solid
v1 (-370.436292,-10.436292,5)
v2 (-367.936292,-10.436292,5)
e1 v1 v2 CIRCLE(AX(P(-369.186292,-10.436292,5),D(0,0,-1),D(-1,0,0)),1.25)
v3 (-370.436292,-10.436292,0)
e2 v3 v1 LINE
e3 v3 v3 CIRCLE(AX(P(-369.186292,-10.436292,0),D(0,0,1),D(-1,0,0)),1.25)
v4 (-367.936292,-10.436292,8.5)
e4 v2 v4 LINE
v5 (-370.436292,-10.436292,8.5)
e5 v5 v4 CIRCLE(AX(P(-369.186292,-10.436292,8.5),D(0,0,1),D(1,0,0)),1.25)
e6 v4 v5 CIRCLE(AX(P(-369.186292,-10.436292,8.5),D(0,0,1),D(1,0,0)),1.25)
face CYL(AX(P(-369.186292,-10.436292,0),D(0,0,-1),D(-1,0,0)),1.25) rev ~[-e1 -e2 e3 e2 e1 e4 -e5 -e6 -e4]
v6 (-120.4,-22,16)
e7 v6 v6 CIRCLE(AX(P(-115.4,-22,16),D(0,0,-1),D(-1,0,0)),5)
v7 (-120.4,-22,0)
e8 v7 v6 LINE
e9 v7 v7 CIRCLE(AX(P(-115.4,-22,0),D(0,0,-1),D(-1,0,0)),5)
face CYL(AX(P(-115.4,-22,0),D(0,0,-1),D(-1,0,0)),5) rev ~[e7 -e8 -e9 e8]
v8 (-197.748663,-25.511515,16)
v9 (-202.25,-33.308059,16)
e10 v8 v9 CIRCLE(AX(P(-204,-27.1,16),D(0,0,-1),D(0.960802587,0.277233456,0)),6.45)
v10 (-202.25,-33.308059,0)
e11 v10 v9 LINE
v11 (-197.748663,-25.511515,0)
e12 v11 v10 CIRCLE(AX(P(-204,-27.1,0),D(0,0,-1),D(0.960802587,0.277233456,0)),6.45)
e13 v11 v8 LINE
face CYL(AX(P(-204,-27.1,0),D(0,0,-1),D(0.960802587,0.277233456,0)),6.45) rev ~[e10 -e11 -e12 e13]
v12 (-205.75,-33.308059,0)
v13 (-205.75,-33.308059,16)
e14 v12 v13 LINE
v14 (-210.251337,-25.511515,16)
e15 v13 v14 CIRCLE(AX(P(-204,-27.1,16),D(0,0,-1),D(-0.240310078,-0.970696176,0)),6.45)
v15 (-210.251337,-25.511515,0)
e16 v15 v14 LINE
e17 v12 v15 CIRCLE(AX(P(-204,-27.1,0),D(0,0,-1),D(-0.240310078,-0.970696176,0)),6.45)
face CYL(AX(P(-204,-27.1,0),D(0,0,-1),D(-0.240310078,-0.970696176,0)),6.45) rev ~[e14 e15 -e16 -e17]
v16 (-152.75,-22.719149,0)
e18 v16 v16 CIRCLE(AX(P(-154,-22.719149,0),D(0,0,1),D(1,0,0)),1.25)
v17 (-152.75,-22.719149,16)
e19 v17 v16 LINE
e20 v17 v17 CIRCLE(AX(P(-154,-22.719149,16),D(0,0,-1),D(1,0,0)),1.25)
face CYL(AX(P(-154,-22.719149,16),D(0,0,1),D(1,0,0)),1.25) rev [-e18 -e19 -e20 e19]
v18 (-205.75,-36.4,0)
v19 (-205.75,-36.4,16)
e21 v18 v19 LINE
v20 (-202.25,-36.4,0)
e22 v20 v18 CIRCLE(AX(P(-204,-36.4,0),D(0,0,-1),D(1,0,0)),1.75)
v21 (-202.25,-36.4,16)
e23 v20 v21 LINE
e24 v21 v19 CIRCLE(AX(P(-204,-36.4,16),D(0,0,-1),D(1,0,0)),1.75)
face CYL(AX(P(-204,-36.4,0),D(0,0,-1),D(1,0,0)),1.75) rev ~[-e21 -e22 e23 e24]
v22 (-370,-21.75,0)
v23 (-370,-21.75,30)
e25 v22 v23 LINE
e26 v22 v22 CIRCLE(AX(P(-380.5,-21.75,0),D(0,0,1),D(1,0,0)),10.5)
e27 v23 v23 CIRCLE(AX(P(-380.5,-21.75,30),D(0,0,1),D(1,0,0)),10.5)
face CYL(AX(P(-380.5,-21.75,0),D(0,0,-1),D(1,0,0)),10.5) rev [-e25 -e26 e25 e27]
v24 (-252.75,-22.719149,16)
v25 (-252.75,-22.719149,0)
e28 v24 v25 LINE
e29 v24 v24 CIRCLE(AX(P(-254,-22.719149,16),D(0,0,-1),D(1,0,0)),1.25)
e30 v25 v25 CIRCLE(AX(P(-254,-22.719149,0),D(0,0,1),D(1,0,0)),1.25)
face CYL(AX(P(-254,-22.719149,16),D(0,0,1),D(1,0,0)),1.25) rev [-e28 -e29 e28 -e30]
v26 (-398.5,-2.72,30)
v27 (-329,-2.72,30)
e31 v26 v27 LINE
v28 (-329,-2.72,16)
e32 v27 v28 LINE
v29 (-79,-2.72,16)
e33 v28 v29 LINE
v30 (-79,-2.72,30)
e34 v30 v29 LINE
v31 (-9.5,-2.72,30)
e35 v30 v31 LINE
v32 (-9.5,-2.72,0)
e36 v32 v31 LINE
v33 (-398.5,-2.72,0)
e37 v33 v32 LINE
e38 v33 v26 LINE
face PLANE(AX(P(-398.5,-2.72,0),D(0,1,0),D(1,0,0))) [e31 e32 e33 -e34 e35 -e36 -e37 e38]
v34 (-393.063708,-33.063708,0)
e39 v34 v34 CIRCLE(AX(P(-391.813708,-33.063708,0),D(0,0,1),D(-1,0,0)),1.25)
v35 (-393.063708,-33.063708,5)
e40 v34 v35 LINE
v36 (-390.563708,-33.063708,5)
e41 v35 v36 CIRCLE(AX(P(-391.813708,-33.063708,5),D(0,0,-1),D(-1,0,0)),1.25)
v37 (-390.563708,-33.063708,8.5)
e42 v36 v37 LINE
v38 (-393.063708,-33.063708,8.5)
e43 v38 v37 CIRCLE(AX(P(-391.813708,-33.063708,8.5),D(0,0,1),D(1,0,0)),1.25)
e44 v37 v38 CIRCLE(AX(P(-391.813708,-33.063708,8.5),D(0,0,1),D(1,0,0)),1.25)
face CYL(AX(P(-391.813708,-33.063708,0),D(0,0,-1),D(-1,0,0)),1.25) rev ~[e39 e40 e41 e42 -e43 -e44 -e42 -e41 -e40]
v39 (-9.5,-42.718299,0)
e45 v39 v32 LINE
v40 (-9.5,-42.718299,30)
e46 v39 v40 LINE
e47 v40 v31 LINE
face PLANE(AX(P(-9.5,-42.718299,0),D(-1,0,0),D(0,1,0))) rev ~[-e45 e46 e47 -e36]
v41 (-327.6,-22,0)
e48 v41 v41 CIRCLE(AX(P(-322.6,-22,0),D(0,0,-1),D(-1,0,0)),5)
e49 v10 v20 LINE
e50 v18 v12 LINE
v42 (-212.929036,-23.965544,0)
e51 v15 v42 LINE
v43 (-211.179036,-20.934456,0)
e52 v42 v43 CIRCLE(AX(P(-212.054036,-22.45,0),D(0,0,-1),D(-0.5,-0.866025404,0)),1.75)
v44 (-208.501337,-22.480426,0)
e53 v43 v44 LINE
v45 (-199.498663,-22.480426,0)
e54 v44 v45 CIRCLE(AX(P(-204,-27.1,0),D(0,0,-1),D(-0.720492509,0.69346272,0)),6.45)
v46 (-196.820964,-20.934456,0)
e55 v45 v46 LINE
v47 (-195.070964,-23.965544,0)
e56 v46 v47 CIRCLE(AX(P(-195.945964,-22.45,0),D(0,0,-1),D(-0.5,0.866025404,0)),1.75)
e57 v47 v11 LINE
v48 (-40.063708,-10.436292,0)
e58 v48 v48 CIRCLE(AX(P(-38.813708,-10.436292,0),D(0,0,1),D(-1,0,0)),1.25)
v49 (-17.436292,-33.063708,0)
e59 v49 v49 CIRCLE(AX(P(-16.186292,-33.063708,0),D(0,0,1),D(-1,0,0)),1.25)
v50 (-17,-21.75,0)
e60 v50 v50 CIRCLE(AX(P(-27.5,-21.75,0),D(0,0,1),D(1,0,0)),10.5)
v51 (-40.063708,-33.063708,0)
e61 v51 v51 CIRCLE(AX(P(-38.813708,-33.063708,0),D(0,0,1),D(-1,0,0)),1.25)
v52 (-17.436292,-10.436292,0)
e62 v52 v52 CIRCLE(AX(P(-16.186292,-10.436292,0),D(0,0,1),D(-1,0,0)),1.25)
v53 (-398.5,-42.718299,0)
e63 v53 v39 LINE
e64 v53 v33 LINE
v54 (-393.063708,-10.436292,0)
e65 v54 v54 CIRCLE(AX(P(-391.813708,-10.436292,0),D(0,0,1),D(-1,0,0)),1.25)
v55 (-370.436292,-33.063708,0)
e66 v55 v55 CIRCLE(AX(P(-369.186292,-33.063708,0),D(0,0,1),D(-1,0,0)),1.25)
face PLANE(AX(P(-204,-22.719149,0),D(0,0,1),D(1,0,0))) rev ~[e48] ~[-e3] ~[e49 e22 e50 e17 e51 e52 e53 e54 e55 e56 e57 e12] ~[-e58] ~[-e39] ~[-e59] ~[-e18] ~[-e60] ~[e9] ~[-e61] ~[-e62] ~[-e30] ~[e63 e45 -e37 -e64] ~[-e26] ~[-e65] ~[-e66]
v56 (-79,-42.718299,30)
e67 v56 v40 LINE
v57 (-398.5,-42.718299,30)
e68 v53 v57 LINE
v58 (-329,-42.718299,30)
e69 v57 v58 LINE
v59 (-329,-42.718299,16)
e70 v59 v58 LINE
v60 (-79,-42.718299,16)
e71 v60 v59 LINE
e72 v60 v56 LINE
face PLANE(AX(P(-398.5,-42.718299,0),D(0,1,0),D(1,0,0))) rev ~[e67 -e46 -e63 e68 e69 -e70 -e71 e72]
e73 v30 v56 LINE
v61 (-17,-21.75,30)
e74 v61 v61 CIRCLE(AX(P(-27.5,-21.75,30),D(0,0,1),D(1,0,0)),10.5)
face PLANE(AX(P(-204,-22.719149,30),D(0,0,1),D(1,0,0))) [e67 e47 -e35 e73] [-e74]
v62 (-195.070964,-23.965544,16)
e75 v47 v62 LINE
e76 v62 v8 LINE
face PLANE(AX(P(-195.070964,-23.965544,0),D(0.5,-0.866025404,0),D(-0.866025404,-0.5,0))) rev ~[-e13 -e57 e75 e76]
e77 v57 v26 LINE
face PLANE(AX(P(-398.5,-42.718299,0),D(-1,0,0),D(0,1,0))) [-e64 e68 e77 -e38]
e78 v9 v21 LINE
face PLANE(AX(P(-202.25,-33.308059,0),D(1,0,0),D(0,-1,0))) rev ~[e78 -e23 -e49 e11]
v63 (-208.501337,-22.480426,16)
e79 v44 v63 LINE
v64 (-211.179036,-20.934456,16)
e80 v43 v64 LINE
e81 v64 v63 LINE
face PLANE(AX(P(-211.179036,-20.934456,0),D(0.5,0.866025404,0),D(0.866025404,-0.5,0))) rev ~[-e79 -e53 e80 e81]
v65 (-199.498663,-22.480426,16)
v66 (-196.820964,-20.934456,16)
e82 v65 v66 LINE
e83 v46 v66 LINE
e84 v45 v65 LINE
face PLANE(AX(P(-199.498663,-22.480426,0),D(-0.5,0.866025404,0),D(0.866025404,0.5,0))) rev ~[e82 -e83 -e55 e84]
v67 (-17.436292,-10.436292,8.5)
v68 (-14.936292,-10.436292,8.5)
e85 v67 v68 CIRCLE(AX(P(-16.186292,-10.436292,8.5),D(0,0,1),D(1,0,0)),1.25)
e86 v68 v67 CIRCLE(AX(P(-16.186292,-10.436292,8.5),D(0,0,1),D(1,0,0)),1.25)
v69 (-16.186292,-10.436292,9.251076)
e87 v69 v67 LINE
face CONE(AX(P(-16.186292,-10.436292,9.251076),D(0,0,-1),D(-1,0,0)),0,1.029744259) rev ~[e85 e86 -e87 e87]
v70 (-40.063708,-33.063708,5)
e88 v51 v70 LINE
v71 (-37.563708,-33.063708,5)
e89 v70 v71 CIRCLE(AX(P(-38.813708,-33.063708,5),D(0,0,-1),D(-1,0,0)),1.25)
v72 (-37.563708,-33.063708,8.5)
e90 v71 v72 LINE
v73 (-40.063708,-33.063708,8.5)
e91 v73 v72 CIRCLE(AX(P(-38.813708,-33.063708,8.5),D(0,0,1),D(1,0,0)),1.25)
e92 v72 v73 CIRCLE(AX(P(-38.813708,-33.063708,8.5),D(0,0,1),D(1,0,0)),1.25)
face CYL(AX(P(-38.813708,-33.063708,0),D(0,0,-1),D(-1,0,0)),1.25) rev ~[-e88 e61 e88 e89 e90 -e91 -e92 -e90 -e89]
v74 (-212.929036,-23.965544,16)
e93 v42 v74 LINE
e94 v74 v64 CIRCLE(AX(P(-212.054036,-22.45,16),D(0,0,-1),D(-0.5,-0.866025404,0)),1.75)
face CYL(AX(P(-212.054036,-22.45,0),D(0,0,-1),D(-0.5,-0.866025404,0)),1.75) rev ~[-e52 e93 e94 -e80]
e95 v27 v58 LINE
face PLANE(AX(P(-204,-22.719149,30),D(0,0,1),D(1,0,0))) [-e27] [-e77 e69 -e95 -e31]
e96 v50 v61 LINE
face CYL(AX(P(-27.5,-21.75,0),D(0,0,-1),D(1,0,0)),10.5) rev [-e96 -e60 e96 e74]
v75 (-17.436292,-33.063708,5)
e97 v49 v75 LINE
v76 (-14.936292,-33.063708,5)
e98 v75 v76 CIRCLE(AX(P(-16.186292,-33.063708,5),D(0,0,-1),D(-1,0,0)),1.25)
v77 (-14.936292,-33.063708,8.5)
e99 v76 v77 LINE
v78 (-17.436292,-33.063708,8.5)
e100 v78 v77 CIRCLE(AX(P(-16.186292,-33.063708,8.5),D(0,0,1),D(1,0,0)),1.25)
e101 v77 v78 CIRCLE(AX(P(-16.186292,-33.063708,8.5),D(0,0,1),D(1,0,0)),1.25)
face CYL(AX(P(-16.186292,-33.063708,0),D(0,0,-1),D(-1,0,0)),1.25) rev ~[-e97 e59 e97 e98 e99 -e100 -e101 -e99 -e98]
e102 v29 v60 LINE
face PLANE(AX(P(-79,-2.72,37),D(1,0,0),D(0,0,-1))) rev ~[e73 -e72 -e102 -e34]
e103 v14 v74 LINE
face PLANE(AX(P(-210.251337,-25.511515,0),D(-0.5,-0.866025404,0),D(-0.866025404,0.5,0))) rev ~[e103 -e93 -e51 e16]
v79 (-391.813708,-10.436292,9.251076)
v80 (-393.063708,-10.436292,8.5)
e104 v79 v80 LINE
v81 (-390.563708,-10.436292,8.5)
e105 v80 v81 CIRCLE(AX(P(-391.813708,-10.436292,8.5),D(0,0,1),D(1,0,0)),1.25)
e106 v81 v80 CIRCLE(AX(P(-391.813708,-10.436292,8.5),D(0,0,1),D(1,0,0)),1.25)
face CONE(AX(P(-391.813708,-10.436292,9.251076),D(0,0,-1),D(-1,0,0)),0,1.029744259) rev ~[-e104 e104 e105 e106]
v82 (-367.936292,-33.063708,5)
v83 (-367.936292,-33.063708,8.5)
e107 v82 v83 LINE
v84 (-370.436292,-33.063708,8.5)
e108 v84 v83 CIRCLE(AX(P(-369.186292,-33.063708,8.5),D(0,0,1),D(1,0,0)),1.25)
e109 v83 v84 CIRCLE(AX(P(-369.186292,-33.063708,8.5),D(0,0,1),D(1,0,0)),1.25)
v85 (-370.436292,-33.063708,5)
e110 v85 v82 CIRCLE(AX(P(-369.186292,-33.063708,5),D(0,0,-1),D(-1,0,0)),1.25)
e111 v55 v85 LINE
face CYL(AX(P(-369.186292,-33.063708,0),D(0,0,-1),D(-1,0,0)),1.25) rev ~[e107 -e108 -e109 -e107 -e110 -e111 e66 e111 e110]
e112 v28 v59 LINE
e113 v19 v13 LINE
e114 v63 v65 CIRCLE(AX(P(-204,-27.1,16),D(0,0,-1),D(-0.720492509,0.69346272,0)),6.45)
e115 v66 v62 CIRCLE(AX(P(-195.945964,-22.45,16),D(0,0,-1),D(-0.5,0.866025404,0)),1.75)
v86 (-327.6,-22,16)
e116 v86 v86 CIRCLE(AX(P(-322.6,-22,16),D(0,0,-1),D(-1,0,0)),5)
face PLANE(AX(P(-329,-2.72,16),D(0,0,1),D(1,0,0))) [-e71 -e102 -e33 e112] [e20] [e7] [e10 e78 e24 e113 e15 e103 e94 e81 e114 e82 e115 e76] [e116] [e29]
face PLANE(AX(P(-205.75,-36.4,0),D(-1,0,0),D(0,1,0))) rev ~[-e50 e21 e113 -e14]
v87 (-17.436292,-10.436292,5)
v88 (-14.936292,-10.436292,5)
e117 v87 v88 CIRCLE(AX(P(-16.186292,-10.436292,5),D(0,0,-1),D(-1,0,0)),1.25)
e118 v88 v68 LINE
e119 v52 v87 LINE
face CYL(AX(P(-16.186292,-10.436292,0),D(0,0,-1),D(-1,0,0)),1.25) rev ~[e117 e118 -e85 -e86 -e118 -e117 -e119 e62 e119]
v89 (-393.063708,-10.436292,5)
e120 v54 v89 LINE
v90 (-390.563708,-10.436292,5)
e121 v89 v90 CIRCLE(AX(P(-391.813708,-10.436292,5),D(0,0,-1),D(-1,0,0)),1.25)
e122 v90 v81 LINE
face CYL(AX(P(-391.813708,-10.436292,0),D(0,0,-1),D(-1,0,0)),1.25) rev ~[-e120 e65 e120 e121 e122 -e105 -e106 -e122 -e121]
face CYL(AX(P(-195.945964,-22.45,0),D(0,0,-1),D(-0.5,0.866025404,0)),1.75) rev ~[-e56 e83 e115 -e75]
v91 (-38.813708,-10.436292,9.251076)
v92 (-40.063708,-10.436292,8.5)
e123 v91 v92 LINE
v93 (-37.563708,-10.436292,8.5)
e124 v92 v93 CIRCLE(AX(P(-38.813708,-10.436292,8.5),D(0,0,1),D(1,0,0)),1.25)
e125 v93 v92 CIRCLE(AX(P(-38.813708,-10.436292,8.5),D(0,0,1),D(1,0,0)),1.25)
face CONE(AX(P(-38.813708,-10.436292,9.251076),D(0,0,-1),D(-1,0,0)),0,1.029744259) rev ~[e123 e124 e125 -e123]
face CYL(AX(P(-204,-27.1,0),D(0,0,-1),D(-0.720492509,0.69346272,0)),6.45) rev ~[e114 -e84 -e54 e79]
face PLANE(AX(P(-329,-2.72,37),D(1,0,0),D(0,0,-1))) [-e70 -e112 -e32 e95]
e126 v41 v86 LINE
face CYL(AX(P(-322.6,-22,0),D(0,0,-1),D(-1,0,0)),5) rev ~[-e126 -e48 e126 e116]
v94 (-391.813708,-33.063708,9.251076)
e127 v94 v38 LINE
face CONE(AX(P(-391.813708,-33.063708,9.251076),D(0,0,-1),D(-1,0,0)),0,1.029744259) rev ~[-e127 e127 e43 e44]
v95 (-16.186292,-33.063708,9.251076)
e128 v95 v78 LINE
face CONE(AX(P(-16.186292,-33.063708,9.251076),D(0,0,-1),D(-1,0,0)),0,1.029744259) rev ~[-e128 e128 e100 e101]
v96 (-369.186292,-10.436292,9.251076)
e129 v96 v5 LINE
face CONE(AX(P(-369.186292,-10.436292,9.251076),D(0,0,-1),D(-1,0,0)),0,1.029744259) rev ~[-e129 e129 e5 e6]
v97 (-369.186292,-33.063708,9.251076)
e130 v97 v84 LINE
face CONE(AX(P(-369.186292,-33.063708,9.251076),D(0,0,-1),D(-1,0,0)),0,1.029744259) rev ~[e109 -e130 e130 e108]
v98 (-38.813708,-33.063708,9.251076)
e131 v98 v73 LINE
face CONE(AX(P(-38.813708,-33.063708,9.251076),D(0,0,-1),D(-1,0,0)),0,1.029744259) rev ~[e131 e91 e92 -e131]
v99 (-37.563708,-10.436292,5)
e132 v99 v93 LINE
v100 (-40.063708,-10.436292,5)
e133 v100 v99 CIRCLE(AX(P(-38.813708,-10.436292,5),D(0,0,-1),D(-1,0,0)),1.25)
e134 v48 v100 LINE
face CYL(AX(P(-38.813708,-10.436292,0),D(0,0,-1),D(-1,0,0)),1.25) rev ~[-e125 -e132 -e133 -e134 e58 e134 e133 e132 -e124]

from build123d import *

# Parameters (mm, degrees)
SKETCH1_W                           = 389
SKETCH1_H                           = 39.998298848
SKETCH1_R                           = 10.5
SKETCH1_R_2                         = 6.35
MAIN_BODY_DEPTH                     = 30
Z_START                             = 16
SKETCH1_4_R                         = 10.25
SKETCH1_4_R_2                       = 6.35
Z_NUT_FLANGE_RECESS_DEPTH           = 20
SKETCH2_R                           = 1.25
LINEAR_BEARINGS_M3_PILOTS_DEPTH     = 5
SKETCH3_R                           = 6.35
Z_NUT_SCREW_THROUGH_HOLE_DEPTH      = 30
STEPPER_CUT_REACH                   = 403.624
SKETCH4_W                           = 250
SKETCH4_H                           = 21
M3_TAPPED_HOLE1_D                   = 2.5
M3_TAPPED_HOLE1_DEPTH               = 8.5
M3_TAPPED_HOLE1_TIP                 = 0.751075774
Z_NUT_SCREW_CLEARENCE_REACH         = 403.904
Z_NUT_SCREW_CLEARENCE_PATTERN_COUNT = 3
INSERT_THROUGH_HOLE_LOWER_G_REACH   = 403.904
SKETCH13_R                          = 5
CABLE_START                         = -16
SKETCH15_R                          = 1.25
CABLE_CLIPS_M3_PILOTS_DEPTH         = 418.904345655
M3_TAPPED_HOLE2_D                   = 2.5


with BuildPart() as part:
    # Sketch1 → Main Body (new body)
    with BuildSketch(Plane.XY):
        with Locations((-204, -22.719149424)):
            Rectangle(SKETCH1_W, SKETCH1_H)
        with Locations((-380.5, -21.75)):
            Circle(SKETCH1_R, mode=Mode.SUBTRACT)
        with Locations((-27.5, -21.75)):
            Circle(SKETCH1_R, mode=Mode.SUBTRACT)
        with Locations((-204, -27.1)):
            Circle(SKETCH1_R_2, mode=Mode.SUBTRACT)
    extrude(amount=MAIN_BODY_DEPTH)

    # Sketch1<4> → Z Nut Flange Recess (cut)
    with BuildSketch(Plane.XY.offset(Z_START)):
        with Locations((-204, -27.1)):
            Circle(SKETCH1_4_R)
        with Locations((-204, -27.1)):
            Circle(SKETCH1_4_R_2, mode=Mode.SUBTRACT)
        with Locations((-204, -27.1)):
            Circle(SKETCH1_4_R_2)
    extrude(amount=Z_NUT_FLANGE_RECESS_DEPTH, mode=Mode.SUBTRACT)

    # Sketch2 → Linear Bearings - M3 Pilots (cut)
    with BuildSketch(Plane(origin=(0, 0, 0), x_dir=(-1, 0, 0), z_dir=(0, 0, -1))):
        with Locations((16.186291501, -10.436291501)):
            Circle(SKETCH2_R)
        with Locations((38.813708499, -10.436291501)):
            Circle(SKETCH2_R)
        with Locations((16.186291501, -33.063708499)):
            Circle(SKETCH2_R)
        with Locations((38.813708499, -33.063708499)):
            Circle(SKETCH2_R)
        with Locations((369.186291501, -10.436291501)):
            Circle(SKETCH2_R)
        with Locations((391.813708499, -10.436291501)):
            Circle(SKETCH2_R)
        with Locations((369.186291501, -33.063708499)):
            Circle(SKETCH2_R)
        with Locations((391.813708499, -33.063708499)):
            Circle(SKETCH2_R)
    extrude(amount=-LINEAR_BEARINGS_M3_PILOTS_DEPTH, mode=Mode.SUBTRACT)

    # Sketch3 → Z Nut - Screw Through Hole (cut)
    with BuildSketch(Plane(origin=(0, 0, 0), x_dir=(-1, 0, 0), z_dir=(0, 0, -1))):
        with BuildLine():
            Line((205.55, -35.15), (205.55, -33.360990337))
            ThreePointArc((205.55, -33.360990337), (209.585863854, -30.325), (210.197176685, -25.311844207))
            Line((210.197176685, -25.311844207), (211.7465045, -24.417339376))
            ThreePointArc((211.7465045, -24.417339376), (212.313843876, -22.3), (210.1965045, -21.732660624))
            Line((210.1965045, -21.732660624), (208.647176685, -22.627165456))
            ThreePointArc((208.647176685, -22.627165456), (204, -20.65), (199.352823315, -22.627165456))
            Line((199.352823315, -22.627165456), (197.8034955, -21.732660624))
            ThreePointArc((197.8034955, -21.732660624), (195.686156124, -22.3), (196.2534955, -24.417339376))
            Line((196.2534955, -24.417339376), (197.802823315, -25.311844207))
            ThreePointArc((197.802823315, -25.311844207), (198.414136146, -30.325), (202.45, -33.360990337))
            Line((202.45, -33.360990337), (202.45, -35.15))
            ThreePointArc((202.45, -35.15), (204, -36.7), (205.55, -35.15))
        make_face()
        with Locations((204, -27.1)):
            Circle(SKETCH3_R, mode=Mode.SUBTRACT)
    extrude(amount=-Z_NUT_SCREW_THROUGH_HOLE_DEPTH, mode=Mode.SUBTRACT)

    # Sketch4 → Stepper Cut (cut, up to next)
    with BuildSketch(Plane(origin=(0, -2.72, 0), x_dir=(1, 0, 0), z_dir=(0, 1, 0)), mode=Mode.PRIVATE) as stepper_cut_sk1:
        with Locations((-204, -26.5)):
            Rectangle(SKETCH4_W, SKETCH4_H)
    stepper_cut_tool1 = extrude(stepper_cut_sk1.sketch, amount=-STEPPER_CUT_REACH, mode=Mode.PRIVATE) & part.part
    add(stepper_cut_tool1.solids().sort_by_distance((-204, -2.72, 26.5))[0], mode=Mode.SUBTRACT)

    # M3 Tapped Hole1
    with Locations(Plane(origin=(-16.186291501, -33.063708499, 0), x_dir=(-1, 0, 0), z_dir=(0, 0, -1))):
        with Locations((0, 0), (22.627416998, 0), (22.627416998, 22.627416998), (0, 22.627416998), (375.627416998, 22.627416998), (353, 22.627416998), (353, 0), (375.627416998, 0)):
            Hole(M3_TAPPED_HOLE1_D / 2, depth=M3_TAPPED_HOLE1_DEPTH)
            with Locations((0, 0, -(M3_TAPPED_HOLE1_DEPTH + M3_TAPPED_HOLE1_TIP / 2))):  # 118° drill point
                Cone(0, M3_TAPPED_HOLE1_D / 2, M3_TAPPED_HOLE1_TIP, mode=Mode.SUBTRACT)

    # Sketch12 → Z Nut Screw Clearence (cut, up to next)
    with BuildSketch(Plane(origin=(0, 0, 0), x_dir=(-1, 0, 0), z_dir=(0, 0, -1)), mode=Mode.PRIVATE) as z_nut_screw_clearence_sk1:
        with BuildLine():
            Line((205.75, -36.4), (205.75, -33.308059278))
            ThreePointArc((205.75, -33.308059278), (205.650212236, -33.335326742), (205.55, -33.360990337))
            Line((205.55, -33.360990337), (205.55, -35.15))
            ThreePointArc((205.55, -35.15), (204, -36.7), (202.45, -35.15))
            Line((202.45, -35.15), (202.45, -33.360990337))
            ThreePointArc((202.45, -33.360990337), (202.349787764, -33.335326742), (202.25, -33.308059278))
            Line((202.25, -33.308059278), (202.25, -36.4))
            ThreePointArc((202.25, -36.4), (204, -38.15), (205.75, -36.4))
        make_face()
    z_nut_screw_clearence_tool1 = extrude(z_nut_screw_clearence_sk1.sketch, amount=-Z_NUT_SCREW_CLEARENCE_REACH, mode=Mode.PRIVATE) & part.part
    z_nut_screw_clearence = z_nut_screw_clearence_tool1.solids().sort_by_distance((-202.309745, -34.85403, 0))[0]
    add(z_nut_screw_clearence, mode=Mode.SUBTRACT)

    # Z Nut Screw Clearence Pattern: Z Nut Screw Clearence ×3 about axis
    z_nut_screw_clearence_pattern_axis = Axis((-204, -27.1, 0), (0, 0, 1))
    for i in range(1, Z_NUT_SCREW_CLEARENCE_PATTERN_COUNT):
        add(z_nut_screw_clearence.rotate(z_nut_screw_clearence_pattern_axis, i * 360 / Z_NUT_SCREW_CLEARENCE_PATTERN_COUNT), mode=Mode.SUBTRACT)

    # Sketch13 → Insert Through Hole - Lower G (cut, up to next)
    with BuildSketch(Plane(origin=(0, 0, 0), x_dir=(-1, 0, 0), z_dir=(0, 0, -1)), mode=Mode.PRIVATE) as insert_through_hole_lower_g_sk1:
        with Locations((115.4, -22)):
            Circle(SKETCH13_R)
    insert_through_hole_lower_g_tool1 = extrude(insert_through_hole_lower_g_sk1.sketch, amount=-INSERT_THROUGH_HOLE_LOWER_G_REACH, mode=Mode.PRIVATE) & part.part
    # Sketch13 → Insert Through Hole - Lower G (cut, up to next)
    with BuildSketch(Plane(origin=(0, 0, 0), x_dir=(-1, 0, 0), z_dir=(0, 0, -1)), mode=Mode.PRIVATE) as insert_through_hole_lower_g_sk2:
        with Locations((322.6, -22)):
            Circle(SKETCH13_R)
    insert_through_hole_lower_g_tool2 = extrude(insert_through_hole_lower_g_sk2.sketch, amount=-INSERT_THROUGH_HOLE_LOWER_G_REACH, mode=Mode.PRIVATE) & part.part
    add(insert_through_hole_lower_g_tool1.solids().sort_by_distance((-115.4, -22, 0))[0], mode=Mode.SUBTRACT)
    add(insert_through_hole_lower_g_tool2.solids().sort_by_distance((-322.6, -22, 0))[0], mode=Mode.SUBTRACT)

    # Sketch15 → Cable Clips - M3 Pilots (cut, through all)
    with BuildSketch(Plane(origin=(0, 0, 0), x_dir=(-1, 0, 0), z_dir=(0, 0, -1)).offset(CABLE_START)):
        with Locations(Location((154, -22.719149424, 0), (0, 0, 180))):
            Circle(SKETCH15_R)
        with Locations(Location((254, -22.719149424, 0), (0, 0, 180))):
            Circle(SKETCH15_R)
    extrude(amount=CABLE_CLIPS_M3_PILOTS_DEPTH, mode=Mode.SUBTRACT)

    # M3 Tapped Hole2 (through all)
    with Locations(Plane(origin=(-154, -22.719149424, 16), x_dir=(1, 0, 0), z_dir=(0, 0, 1))):
        with Locations((0, 0), (-100, 0)):
            Hole(M3_TAPPED_HOLE2_D / 2)


solid = part.part
